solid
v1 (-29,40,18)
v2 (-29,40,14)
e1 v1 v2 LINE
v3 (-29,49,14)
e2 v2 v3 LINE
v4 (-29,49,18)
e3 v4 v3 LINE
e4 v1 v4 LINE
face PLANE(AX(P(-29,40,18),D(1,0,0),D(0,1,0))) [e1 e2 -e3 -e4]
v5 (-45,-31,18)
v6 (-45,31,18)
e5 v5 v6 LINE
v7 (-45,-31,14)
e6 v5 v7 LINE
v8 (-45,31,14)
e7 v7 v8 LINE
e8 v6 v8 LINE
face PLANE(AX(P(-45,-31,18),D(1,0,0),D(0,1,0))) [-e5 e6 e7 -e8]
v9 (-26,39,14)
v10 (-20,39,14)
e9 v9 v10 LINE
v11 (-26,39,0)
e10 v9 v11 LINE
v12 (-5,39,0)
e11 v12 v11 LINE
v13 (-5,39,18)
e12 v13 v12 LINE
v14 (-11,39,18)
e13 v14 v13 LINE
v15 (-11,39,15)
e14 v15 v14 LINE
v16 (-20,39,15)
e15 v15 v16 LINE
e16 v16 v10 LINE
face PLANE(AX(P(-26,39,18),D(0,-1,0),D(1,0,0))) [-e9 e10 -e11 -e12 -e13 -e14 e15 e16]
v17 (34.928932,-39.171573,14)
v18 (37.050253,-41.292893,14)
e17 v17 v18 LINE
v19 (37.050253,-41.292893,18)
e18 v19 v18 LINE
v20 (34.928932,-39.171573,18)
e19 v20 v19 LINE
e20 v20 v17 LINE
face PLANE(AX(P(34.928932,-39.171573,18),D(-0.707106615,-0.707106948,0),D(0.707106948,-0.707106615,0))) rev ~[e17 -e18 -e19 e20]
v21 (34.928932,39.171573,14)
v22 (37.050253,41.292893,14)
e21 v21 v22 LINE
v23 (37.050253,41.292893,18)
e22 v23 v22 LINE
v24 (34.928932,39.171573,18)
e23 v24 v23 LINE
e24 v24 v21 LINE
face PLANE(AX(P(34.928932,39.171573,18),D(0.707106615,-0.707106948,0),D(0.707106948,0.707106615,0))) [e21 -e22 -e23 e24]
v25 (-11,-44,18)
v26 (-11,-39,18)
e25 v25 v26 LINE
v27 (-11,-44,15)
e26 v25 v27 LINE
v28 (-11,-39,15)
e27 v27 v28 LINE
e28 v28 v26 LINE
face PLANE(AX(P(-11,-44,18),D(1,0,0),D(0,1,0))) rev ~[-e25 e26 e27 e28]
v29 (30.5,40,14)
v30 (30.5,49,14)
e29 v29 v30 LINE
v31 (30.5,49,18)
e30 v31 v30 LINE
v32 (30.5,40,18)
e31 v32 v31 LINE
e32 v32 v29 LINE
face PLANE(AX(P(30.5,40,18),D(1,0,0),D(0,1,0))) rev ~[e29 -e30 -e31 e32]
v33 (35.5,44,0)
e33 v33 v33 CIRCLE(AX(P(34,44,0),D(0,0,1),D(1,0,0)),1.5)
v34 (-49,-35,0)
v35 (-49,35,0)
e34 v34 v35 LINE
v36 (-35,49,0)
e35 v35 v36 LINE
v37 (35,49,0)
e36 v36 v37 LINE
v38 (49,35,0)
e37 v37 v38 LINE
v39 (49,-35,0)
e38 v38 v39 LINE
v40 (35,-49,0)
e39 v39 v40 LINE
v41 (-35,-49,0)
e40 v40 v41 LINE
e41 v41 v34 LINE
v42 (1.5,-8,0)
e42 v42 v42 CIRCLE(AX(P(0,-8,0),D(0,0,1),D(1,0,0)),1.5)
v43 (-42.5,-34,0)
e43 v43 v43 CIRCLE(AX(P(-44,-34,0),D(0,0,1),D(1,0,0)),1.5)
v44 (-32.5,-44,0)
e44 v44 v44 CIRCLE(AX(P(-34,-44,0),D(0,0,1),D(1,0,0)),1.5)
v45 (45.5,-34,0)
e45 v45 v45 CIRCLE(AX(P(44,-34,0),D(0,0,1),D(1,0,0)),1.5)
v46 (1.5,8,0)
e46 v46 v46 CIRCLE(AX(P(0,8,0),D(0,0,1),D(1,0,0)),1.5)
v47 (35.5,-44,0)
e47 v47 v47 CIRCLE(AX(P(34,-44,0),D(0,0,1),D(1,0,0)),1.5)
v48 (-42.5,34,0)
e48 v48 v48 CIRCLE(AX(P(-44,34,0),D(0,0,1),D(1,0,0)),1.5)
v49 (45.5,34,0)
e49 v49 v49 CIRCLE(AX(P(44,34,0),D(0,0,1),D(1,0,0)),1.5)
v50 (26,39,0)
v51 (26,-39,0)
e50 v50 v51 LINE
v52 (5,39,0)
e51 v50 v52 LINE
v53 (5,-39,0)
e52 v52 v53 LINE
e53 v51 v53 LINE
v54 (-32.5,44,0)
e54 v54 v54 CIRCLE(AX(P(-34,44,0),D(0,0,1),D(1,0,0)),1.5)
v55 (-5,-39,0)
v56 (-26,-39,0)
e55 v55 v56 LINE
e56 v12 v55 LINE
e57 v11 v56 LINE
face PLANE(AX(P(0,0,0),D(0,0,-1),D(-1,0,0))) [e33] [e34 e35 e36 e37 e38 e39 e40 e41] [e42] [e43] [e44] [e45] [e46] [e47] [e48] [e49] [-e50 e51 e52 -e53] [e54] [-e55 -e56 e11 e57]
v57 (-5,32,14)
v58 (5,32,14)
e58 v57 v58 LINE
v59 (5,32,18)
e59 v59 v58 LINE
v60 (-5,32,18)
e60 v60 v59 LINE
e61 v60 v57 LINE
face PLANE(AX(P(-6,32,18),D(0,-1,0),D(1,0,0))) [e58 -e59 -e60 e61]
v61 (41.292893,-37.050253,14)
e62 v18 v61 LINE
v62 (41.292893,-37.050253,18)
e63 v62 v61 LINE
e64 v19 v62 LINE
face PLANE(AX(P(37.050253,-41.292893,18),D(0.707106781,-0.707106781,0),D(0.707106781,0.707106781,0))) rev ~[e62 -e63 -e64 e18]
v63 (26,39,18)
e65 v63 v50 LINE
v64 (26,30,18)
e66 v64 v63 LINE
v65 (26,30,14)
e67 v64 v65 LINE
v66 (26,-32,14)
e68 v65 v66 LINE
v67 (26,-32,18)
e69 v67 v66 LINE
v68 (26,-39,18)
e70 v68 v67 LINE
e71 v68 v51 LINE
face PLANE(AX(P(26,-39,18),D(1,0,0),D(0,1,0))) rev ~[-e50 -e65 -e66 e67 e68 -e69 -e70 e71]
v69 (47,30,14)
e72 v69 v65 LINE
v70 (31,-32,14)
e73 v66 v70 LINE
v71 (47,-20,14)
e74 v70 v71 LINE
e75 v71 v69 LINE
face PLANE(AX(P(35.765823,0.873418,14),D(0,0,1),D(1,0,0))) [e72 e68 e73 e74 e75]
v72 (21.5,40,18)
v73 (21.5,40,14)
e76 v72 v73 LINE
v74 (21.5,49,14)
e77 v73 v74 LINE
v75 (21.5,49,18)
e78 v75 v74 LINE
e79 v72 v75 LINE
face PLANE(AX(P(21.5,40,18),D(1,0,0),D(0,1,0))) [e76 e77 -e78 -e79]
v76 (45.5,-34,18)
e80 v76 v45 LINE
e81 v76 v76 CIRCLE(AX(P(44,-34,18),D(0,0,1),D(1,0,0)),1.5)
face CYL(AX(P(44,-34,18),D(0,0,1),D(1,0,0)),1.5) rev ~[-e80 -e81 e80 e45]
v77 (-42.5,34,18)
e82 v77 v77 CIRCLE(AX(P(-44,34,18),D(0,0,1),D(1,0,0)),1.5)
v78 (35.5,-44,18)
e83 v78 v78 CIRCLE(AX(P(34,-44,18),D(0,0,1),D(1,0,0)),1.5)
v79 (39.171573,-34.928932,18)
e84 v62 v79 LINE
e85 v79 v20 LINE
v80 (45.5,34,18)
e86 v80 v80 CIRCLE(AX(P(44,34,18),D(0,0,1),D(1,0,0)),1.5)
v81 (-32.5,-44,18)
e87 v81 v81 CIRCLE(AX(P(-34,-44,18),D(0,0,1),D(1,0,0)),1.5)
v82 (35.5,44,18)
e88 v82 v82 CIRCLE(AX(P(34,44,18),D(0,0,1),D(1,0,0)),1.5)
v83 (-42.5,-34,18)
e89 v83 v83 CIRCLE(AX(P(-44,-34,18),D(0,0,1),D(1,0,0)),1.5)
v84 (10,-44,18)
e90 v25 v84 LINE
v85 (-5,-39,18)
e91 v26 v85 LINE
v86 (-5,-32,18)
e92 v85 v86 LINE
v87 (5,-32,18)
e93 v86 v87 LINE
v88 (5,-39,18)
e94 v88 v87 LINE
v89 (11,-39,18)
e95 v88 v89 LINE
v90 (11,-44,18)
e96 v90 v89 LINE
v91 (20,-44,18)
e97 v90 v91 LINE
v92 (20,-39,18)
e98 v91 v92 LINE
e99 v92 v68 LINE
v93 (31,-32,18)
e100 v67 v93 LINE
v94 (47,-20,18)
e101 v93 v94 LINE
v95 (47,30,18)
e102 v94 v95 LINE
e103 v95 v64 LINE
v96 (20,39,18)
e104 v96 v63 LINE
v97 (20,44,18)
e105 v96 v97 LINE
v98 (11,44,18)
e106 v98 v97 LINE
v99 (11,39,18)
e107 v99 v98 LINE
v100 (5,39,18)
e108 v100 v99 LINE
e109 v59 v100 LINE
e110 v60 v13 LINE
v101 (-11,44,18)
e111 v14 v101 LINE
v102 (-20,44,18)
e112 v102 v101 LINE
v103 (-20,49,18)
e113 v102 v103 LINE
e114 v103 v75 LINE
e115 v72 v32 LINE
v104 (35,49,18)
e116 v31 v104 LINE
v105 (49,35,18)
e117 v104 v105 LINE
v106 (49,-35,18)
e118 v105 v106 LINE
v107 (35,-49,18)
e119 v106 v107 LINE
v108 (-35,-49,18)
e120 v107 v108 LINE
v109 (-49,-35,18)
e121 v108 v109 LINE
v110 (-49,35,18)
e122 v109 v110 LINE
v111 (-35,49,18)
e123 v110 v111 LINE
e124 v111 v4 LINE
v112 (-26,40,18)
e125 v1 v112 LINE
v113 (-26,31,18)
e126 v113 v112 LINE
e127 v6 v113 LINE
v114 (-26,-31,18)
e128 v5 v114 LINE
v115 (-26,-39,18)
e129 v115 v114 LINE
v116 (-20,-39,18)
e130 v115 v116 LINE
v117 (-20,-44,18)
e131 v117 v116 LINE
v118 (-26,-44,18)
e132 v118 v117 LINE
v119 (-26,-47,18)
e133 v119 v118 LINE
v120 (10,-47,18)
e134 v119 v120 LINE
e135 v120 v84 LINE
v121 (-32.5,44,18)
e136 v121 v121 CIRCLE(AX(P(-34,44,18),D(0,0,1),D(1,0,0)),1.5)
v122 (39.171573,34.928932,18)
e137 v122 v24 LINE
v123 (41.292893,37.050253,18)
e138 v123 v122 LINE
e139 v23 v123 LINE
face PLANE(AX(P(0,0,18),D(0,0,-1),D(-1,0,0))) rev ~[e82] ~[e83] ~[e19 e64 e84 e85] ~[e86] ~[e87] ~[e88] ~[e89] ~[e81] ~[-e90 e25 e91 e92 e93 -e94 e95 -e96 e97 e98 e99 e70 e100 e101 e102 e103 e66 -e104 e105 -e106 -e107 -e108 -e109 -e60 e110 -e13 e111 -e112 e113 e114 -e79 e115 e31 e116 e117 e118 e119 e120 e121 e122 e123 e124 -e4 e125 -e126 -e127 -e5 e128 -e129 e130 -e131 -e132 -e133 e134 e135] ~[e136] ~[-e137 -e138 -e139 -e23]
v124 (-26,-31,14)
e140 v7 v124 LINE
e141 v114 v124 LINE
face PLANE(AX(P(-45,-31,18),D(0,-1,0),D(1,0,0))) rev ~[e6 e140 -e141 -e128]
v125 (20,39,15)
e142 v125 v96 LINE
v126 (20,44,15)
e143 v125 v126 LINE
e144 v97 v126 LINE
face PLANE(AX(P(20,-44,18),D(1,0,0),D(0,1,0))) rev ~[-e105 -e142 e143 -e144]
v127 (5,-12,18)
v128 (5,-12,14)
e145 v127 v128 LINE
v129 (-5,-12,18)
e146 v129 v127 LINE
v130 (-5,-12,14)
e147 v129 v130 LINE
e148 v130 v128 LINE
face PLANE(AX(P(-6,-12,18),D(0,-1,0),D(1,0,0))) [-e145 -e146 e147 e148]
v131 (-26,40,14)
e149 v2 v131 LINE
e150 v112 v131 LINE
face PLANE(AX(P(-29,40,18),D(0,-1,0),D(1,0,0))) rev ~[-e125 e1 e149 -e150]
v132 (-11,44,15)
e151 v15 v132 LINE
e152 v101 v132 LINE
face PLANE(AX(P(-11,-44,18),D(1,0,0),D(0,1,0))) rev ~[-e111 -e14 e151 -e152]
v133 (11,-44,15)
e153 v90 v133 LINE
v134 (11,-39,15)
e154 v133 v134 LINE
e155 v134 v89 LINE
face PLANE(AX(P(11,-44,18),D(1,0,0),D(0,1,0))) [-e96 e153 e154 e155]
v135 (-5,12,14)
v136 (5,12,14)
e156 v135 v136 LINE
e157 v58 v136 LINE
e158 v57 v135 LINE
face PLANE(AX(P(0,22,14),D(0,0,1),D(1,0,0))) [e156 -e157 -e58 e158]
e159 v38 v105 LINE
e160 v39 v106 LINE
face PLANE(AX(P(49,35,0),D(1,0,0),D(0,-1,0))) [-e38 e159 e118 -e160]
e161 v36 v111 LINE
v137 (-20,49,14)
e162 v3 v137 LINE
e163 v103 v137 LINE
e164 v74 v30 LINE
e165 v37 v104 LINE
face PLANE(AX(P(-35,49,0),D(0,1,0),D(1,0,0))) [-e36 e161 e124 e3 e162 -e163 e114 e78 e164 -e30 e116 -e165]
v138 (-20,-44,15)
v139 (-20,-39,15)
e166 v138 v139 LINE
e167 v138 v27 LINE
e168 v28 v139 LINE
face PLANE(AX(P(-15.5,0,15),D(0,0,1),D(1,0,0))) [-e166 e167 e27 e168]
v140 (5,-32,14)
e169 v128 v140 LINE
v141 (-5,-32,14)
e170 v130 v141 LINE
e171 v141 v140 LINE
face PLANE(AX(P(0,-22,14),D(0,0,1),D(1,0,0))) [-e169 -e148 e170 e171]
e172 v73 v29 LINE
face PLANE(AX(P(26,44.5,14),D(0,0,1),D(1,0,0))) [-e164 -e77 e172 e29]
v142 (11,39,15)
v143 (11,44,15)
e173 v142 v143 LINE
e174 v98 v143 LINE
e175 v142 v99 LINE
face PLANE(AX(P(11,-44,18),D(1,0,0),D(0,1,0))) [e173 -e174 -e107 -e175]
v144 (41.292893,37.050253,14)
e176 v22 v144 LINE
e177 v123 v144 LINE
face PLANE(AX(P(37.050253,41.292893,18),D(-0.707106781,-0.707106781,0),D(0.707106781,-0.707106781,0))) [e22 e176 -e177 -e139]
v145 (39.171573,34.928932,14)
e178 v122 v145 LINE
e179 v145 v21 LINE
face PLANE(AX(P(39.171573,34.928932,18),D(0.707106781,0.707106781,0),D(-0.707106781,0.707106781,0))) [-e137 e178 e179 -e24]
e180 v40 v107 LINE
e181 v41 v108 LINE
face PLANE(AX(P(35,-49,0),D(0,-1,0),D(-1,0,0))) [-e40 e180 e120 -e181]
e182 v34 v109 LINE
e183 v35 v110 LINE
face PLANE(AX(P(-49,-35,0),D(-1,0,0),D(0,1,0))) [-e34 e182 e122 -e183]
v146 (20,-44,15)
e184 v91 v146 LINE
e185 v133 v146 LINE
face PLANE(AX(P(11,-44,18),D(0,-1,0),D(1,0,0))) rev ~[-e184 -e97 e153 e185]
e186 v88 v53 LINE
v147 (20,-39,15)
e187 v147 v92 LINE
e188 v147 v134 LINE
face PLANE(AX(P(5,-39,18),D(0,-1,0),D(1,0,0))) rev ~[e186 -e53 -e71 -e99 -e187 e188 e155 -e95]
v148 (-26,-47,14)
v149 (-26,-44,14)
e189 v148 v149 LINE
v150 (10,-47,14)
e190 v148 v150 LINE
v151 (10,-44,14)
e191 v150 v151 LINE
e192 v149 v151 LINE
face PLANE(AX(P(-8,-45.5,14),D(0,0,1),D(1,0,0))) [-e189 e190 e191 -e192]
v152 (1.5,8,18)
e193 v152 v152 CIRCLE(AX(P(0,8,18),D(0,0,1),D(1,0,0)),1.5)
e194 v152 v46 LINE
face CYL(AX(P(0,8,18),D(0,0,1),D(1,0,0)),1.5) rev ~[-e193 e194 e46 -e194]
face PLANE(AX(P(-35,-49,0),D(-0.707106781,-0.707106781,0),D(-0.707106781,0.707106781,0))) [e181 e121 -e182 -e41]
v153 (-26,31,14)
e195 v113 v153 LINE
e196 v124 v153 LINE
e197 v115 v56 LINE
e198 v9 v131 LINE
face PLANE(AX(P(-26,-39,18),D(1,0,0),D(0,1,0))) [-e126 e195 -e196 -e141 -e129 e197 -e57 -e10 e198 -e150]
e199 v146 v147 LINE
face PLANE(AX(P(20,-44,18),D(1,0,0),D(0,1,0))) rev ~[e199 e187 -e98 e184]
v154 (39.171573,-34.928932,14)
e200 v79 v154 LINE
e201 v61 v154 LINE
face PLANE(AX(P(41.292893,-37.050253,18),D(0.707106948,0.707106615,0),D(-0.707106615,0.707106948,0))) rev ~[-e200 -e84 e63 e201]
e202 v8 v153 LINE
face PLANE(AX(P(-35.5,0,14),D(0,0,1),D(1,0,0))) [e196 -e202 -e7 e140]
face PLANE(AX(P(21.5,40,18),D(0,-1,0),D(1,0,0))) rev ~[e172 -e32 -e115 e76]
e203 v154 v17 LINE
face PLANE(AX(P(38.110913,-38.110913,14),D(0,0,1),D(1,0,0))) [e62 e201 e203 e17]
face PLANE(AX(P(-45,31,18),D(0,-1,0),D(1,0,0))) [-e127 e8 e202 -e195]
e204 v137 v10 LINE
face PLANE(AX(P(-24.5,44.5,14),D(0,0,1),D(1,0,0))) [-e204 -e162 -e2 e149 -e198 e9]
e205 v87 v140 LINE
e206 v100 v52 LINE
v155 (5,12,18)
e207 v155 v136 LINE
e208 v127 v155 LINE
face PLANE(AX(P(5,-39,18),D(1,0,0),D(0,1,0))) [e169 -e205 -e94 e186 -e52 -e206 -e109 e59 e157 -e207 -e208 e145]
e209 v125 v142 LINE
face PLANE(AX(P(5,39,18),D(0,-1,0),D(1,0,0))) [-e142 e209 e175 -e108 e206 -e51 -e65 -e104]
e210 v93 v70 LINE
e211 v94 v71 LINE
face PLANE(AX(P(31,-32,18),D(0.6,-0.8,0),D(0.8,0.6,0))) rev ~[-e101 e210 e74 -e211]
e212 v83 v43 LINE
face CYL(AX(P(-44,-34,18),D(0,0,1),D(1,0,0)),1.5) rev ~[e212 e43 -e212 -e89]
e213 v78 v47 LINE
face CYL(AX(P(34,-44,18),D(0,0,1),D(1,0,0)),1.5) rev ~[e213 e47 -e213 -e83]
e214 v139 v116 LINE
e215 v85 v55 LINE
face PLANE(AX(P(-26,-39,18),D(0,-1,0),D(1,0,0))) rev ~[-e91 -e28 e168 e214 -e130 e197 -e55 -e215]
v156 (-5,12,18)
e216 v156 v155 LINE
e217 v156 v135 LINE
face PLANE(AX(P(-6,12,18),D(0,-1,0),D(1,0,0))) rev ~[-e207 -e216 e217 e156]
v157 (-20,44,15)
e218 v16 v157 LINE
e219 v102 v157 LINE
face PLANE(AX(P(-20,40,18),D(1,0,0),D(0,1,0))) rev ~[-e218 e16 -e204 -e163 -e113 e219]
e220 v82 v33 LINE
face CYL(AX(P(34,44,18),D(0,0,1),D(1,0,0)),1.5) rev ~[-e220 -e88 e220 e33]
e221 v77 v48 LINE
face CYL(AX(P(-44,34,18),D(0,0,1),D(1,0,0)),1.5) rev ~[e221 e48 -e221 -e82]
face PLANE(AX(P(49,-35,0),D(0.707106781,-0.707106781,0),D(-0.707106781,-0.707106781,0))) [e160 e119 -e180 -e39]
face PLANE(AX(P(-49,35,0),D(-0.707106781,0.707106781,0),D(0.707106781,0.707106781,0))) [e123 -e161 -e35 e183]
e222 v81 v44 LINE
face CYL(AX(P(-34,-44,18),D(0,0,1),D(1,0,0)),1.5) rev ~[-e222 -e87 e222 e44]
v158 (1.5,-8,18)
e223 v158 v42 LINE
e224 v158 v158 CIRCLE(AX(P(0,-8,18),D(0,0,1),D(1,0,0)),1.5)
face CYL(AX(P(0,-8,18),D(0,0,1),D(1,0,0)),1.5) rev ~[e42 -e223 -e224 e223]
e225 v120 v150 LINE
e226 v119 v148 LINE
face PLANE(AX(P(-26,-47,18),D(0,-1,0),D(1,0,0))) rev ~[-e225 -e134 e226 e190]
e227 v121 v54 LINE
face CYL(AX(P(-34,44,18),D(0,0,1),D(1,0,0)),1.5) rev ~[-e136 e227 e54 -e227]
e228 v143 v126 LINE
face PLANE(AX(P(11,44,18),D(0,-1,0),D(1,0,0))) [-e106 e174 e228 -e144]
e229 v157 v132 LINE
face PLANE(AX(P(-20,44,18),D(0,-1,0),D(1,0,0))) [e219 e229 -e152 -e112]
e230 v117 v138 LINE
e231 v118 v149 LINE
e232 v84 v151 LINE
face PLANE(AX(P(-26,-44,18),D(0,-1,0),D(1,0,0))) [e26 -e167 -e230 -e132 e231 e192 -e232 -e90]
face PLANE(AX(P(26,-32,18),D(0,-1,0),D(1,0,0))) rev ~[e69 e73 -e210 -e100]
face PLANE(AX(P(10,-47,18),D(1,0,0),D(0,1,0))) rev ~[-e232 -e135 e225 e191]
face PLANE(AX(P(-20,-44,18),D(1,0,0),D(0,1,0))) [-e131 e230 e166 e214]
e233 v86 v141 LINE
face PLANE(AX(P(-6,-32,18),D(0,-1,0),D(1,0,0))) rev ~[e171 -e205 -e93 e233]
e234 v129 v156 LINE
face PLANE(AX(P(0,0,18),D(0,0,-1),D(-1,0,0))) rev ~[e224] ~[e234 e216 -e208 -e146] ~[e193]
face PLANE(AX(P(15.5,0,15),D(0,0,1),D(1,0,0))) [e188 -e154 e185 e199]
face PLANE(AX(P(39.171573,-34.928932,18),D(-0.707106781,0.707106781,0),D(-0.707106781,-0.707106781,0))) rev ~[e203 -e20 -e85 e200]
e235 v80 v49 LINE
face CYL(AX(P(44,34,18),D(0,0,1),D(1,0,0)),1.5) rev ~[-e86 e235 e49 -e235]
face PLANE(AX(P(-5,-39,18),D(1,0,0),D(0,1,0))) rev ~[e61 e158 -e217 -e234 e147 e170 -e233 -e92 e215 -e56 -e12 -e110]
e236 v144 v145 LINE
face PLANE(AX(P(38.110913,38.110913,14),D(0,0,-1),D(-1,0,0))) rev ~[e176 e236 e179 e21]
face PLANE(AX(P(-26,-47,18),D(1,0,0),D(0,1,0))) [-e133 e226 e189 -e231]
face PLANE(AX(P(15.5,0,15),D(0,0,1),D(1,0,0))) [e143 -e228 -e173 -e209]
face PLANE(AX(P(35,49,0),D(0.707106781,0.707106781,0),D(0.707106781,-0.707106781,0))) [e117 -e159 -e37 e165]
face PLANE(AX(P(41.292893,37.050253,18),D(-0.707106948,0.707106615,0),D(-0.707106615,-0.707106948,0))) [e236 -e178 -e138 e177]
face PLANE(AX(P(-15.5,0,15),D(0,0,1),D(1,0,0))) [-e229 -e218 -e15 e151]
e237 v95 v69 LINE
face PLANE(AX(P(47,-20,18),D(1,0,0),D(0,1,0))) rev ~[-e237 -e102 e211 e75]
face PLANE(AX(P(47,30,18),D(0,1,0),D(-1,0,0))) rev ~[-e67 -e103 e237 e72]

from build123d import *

# Parameters (mm, degrees)
PAD_DEPTH       = 18
SKETCH001_R     = 1.5
POCKET_DEPTH    = 18.001
SKETCH002_W     = 21
SKETCH002_H     = 78
POCKET001_DEPTH = 18.001
SKETCH003_W     = 9
SKETCH003_H     = 88
POCKET002_DEPTH = 3
SKETCH004_W     = 12
SKETCH004_H     = 20
SKETCH004_W_2   = 19
SKETCH004_H_2   = 62
SKETCH004_W_3   = 9
SKETCH004_H_3   = 9
SKETCH004_W_4   = 36
SKETCH004_H_4   = 3
POCKET003_DEPTH = 4
SKETCH005_W     = 6
SKETCH005_H     = 1
POCKET004_DEPTH = 4


with BuildPart() as part:
    # Sketch → Pad (new body)
    with BuildSketch(Plane.XY):
        Polygon((-49, 35), (-35, 49), (35, 49), (49, 35), (49, -35), (35, -49), (-35, -49), (-49, -35), align=None)
    extrude(amount=PAD_DEPTH)

    # Sketch001 (on DatumPlane) → Pocket (cut, through all)
    with BuildSketch(Plane.XY.offset(18)):
        with Locations((-34, 44)):
            Circle(SKETCH001_R)
        with Locations((34, 44)):
            Circle(SKETCH001_R)
        with Locations((44, 34)):
            Circle(SKETCH001_R)
        with Locations((-44, 34)):
            Circle(SKETCH001_R)
        with Locations((-44, -34)):
            Circle(SKETCH001_R)
        with Locations((-34, -44)):
            Circle(SKETCH001_R)
        with Locations((34, -44)):
            Circle(SKETCH001_R)
        with Locations((44, -34)):
            Circle(SKETCH001_R)
        with Locations((0, 8)):
            Circle(SKETCH001_R)
        with Locations((0, -8)):
            Circle(SKETCH001_R)
    extrude(amount=-POCKET_DEPTH, mode=Mode.SUBTRACT)

    # Sketch002 (on DatumPlane) → Pocket001 (cut, through all)
    with BuildSketch(Plane.XY.offset(18)):
        with Locations((-15.5, 0)):
            Rectangle(SKETCH002_W, SKETCH002_H)
        with Locations((15.5, 0)):
            Rectangle(SKETCH002_W, SKETCH002_H)
    extrude(amount=-POCKET001_DEPTH, mode=Mode.SUBTRACT)

    # Sketch003 (on DatumPlane) → Pocket002 (cut)
    with BuildSketch(Plane.XY.offset(18)):
        with Locations((-15.5, 0)):
            Rectangle(SKETCH003_W, SKETCH003_H)
        with Locations((15.5, 0)):
            Rectangle(SKETCH003_W, SKETCH003_H)
    extrude(amount=-POCKET002_DEPTH, mode=Mode.SUBTRACT)

    # Sketch004 (on DatumPlane) → Pocket003 (cut)
    with BuildSketch(Plane.XY.offset(18)):
        with Locations((0, 22)):
            Rectangle(SKETCH004_W, SKETCH004_H)
        with Locations((0, -22)):
            Rectangle(SKETCH004_W, SKETCH004_H)
        with Locations((-35.5, 0)):
            Rectangle(SKETCH004_W_2, SKETCH004_H_2)
        with Locations((-24.5, 44.5)):
            Rectangle(SKETCH004_W_3, SKETCH004_H_3)
        with Locations((26, 44.5)):
            Rectangle(SKETCH004_W_3, SKETCH004_H_3)
        Polygon((37.050253, 41.292893), (41.292893, 37.050253), (39.171573, 34.928932), (34.928932, 39.171573), align=None)
        Polygon((34.928932, -39.171573), (37.050253, -41.292893), (41.292893, -37.050253), (39.171573, -34.928932), align=None)
        with Locations((-8, -45.5)):
            Rectangle(SKETCH004_W_4, SKETCH004_H_4)
        Polygon((47, 30), (26, 30), (26, -32), (31, -32), (47, -20), align=None)
    extrude(amount=-POCKET003_DEPTH, mode=Mode.SUBTRACT)

    # Sketch005 (on DatumPlane) → Pocket004 (cut)
    with BuildSketch(Plane.XY.offset(18)):
        with Locations((-23, 39.5)):
            Rectangle(SKETCH005_W, SKETCH005_H)
    extrude(amount=-POCKET004_DEPTH, mode=Mode.SUBTRACT)


solid = part.part
